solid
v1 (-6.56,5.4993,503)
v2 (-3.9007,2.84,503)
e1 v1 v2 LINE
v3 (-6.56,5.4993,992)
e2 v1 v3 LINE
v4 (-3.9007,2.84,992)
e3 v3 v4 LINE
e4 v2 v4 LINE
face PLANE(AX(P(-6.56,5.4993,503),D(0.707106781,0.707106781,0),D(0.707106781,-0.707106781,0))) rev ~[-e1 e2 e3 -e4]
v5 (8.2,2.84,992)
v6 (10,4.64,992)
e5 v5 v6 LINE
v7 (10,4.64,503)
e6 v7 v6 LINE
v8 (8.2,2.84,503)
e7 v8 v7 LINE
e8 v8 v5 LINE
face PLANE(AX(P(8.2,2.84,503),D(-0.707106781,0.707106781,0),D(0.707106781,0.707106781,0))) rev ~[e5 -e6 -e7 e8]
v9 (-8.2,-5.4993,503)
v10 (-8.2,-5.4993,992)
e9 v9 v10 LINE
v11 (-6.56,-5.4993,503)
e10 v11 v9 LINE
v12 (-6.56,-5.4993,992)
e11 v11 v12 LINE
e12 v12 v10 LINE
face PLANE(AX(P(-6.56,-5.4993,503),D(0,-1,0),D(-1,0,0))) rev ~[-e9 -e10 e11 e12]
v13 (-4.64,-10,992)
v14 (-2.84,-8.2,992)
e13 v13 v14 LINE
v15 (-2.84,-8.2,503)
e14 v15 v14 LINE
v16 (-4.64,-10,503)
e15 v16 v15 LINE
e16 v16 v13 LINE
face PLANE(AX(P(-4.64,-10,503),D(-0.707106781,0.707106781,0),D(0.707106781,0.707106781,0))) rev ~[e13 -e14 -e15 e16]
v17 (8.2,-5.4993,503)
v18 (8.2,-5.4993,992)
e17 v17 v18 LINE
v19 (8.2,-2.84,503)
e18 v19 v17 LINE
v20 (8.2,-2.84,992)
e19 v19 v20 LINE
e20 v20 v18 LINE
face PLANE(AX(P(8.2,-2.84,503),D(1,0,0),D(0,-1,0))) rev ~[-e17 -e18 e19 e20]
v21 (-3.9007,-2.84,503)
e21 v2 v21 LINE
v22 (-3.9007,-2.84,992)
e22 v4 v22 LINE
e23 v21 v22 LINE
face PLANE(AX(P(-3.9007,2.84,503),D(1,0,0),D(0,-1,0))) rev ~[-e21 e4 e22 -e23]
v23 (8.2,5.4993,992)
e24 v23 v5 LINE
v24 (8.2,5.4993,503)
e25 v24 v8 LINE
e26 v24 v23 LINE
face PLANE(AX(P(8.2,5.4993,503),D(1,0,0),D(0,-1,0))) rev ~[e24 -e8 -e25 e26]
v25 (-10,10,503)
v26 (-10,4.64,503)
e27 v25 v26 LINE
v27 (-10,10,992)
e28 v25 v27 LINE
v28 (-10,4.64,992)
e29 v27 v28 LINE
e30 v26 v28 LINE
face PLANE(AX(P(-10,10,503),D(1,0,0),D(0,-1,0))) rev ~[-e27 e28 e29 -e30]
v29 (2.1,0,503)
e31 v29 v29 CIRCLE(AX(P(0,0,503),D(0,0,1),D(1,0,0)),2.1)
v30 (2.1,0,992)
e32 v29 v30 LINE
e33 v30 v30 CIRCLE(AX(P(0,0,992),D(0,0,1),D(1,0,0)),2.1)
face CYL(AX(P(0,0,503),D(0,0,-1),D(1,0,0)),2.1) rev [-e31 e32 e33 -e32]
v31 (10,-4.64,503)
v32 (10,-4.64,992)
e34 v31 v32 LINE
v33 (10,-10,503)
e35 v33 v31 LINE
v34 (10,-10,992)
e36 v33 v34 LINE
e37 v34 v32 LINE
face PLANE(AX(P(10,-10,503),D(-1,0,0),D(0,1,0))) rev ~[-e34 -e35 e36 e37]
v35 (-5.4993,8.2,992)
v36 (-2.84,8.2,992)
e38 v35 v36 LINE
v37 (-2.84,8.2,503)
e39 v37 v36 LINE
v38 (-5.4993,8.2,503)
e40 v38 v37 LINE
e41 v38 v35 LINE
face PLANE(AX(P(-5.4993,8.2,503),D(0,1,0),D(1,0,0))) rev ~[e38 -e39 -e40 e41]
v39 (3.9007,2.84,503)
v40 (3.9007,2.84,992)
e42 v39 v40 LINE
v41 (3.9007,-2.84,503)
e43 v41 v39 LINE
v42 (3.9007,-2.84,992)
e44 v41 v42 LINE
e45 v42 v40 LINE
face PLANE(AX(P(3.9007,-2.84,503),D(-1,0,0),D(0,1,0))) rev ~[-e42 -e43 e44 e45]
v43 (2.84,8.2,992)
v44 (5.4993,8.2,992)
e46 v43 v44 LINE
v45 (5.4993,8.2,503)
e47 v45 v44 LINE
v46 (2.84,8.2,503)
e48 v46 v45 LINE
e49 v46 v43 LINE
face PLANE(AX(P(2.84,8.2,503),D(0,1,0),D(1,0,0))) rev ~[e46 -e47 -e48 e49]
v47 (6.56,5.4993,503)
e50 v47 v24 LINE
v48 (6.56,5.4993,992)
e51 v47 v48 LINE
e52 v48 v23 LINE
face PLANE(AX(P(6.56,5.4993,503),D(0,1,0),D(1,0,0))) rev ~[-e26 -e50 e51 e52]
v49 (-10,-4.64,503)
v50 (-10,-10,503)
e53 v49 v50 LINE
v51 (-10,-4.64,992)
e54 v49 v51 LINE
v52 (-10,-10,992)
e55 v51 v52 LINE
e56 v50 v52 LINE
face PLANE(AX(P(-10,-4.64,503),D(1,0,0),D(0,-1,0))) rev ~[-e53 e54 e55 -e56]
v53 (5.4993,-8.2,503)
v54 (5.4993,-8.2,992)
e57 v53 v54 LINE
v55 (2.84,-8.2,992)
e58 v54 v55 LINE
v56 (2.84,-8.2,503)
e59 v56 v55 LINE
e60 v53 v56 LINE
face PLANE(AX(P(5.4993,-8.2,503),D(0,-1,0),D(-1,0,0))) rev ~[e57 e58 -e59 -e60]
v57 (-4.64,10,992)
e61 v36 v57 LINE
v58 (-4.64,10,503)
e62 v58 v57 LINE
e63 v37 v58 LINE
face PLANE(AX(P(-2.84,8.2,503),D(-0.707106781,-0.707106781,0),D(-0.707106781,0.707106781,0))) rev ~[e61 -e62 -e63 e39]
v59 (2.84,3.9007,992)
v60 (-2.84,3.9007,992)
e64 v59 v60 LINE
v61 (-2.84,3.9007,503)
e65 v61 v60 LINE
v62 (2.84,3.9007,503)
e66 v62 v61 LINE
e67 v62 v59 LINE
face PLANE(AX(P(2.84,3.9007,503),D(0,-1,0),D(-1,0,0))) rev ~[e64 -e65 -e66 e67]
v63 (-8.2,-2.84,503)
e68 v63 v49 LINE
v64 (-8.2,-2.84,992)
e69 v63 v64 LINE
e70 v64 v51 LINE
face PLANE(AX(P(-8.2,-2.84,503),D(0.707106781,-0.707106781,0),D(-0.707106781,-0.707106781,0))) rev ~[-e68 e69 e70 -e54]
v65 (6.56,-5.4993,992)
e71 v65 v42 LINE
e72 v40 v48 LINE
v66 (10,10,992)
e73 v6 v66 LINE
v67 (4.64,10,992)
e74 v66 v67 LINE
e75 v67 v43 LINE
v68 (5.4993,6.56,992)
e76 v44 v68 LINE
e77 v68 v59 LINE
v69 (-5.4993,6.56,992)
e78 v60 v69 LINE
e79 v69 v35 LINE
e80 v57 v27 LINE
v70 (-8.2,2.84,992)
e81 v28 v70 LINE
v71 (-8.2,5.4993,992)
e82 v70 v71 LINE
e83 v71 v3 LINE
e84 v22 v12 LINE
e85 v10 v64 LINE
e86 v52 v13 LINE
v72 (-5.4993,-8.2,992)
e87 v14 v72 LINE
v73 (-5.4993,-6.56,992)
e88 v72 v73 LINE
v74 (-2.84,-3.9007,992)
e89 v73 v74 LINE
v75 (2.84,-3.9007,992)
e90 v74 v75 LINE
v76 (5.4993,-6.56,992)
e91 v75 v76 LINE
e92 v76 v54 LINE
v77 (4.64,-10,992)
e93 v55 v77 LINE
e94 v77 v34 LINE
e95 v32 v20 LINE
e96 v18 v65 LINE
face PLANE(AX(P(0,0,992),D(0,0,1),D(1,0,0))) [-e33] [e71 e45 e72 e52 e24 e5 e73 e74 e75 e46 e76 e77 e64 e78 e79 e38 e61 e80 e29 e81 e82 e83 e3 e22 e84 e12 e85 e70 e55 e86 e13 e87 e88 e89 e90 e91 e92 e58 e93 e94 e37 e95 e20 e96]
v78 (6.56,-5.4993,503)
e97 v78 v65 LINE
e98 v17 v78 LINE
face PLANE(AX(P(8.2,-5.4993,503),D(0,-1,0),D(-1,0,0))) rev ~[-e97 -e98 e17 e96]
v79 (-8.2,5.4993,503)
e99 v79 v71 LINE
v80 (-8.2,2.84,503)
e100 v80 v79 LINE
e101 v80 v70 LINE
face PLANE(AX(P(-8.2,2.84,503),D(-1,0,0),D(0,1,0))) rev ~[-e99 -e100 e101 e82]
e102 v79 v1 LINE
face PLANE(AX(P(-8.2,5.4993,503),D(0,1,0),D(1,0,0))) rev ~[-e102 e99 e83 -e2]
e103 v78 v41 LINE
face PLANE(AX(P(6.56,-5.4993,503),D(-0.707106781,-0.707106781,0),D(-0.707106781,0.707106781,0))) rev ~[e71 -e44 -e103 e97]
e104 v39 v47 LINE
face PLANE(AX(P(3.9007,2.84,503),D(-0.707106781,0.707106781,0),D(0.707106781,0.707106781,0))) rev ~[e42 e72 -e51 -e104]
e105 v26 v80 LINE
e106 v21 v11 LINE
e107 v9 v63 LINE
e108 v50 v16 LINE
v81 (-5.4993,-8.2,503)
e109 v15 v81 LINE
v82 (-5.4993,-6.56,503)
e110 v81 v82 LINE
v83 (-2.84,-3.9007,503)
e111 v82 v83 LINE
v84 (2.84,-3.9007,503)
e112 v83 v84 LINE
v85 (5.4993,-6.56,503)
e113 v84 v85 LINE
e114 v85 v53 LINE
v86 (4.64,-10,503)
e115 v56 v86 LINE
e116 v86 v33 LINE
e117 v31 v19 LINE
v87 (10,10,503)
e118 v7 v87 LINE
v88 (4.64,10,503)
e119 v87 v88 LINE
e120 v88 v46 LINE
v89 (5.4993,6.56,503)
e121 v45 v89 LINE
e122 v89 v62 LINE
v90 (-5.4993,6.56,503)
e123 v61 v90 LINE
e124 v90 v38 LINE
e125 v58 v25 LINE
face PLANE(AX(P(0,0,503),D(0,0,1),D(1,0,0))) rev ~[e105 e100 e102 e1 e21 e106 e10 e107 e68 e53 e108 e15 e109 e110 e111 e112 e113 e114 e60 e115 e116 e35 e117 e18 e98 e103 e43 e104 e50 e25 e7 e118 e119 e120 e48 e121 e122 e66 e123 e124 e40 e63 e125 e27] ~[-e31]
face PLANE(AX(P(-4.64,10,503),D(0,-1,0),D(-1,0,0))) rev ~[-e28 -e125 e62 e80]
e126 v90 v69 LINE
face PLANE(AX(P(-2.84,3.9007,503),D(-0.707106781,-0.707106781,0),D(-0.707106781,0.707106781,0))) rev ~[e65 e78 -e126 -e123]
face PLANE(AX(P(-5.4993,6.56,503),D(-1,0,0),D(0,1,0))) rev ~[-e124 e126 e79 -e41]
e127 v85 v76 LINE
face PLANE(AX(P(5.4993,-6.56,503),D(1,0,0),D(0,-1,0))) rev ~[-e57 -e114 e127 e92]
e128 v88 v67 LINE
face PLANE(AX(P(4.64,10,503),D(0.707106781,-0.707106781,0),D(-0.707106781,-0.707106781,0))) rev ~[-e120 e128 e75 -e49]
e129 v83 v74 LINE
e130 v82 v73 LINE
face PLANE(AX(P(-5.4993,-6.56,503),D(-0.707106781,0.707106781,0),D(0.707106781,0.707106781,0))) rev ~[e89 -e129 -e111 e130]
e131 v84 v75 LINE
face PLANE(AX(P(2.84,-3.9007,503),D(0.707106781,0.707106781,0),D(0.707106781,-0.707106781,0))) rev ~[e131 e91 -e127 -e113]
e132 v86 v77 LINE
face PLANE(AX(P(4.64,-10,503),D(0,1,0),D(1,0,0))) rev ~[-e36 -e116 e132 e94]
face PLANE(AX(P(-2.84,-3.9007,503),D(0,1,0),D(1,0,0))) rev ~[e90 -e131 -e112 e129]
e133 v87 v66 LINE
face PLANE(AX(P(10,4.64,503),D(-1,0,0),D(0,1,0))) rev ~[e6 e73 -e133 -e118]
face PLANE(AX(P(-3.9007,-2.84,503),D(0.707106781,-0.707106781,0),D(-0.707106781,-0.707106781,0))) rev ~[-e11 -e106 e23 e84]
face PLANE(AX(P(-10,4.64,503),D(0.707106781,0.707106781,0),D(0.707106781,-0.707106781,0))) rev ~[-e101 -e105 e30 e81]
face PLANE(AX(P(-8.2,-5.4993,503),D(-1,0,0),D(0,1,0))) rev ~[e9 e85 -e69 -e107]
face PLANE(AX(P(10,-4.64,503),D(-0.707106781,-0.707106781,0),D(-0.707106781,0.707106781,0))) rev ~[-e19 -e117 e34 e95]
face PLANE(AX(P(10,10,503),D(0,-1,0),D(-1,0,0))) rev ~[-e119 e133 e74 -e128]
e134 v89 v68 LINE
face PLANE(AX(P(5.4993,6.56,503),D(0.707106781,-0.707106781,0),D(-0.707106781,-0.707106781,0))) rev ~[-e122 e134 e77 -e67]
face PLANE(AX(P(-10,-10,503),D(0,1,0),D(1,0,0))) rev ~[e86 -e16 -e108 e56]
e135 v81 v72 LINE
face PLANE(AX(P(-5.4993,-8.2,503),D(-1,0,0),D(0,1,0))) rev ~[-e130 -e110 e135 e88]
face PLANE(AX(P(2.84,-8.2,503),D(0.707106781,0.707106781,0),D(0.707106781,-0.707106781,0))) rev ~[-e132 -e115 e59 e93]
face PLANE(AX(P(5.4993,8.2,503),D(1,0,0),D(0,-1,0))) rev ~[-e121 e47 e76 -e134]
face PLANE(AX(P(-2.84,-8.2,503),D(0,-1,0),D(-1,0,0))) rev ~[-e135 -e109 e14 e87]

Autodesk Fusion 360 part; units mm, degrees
sketch "Sketch1" plane through (0, 0, 503) normal (0, 0, 1) x (1, 0, 0)
  line L0 (2.84, -3.9007) -> (5.4993, -6.56)
  line L1 (5.4993, -6.56) -> (5.4993, -8.2)
  line L2 (5.4993, -8.2) -> (2.84, -8.2)
  line L3 (2.84, -8.2) -> (4.64, -10)
  line L4 (4.64, -10) -> (10, -10)
  line L5 (10, -10) -> (10, -4.64)
  line L6 (10, -4.64) -> (8.2, -2.84)
  line L7 (8.2, -2.84) -> (8.2, -5.4993)
  line L8 (8.2, -5.4993) -> (6.56, -5.4993)
  line L9 (6.56, -5.4993) -> (3.9007, -2.84)
  line L10 (3.9007, -2.84) -> (3.9007, 2.84)
  line L11 (3.9007, 2.84) -> (6.56, 5.4993)
  line L12 (6.56, 5.4993) -> (8.2, 5.4993)
  line L13 (8.2, 5.4993) -> (8.2, 2.84)
  line L14 (8.2, 2.84) -> (10, 4.64)
  line L15 (10, 4.64) -> (10, 10)
  line L16 (10, 10) -> (4.64, 10)
  line L17 (4.64, 10) -> (2.84, 8.2)
  line L18 (2.84, 8.2) -> (5.4993, 8.2)
  line L19 (5.4993, 8.2) -> (5.4993, 6.56)
  line L20 (5.4993, 6.56) -> (2.84, 3.9007)
  line L21 (2.84, 3.9007) -> (-2.84, 3.9007)
  line L22 (-2.84, 3.9007) -> (-5.4993, 6.56)
  line L23 (-5.4993, 6.56) -> (-5.4993, 8.2)
  line L24 (-5.4993, 8.2) -> (-2.84, 8.2)
  line L25 (-2.84, 8.2) -> (-4.64, 10)
  line L26 (-4.64, 10) -> (-10, 10)
  line L27 (-10, 10) -> (-10, 4.64)
  line L28 (-10, 4.64) -> (-8.2, 2.84)
  line L29 (-8.2, 2.84) -> (-8.2, 5.4993)
  line L30 (-8.2, 5.4993) -> (-6.56, 5.4993)
  line L31 (-6.56, 5.4993) -> (-3.9007, 2.84)
  line L32 (-3.9007, 2.84) -> (-3.9007, -2.84)
  line L33 (-3.9007, -2.84) -> (-6.56, -5.4993)
  line L34 (-6.56, -5.4993) -> (-8.2, -5.4993)
  line L35 (-8.2, -5.4993) -> (-8.2, -2.84)
  line L36 (-8.2, -2.84) -> (-10, -4.64)
  line L37 (-10, -4.64) -> (-10, -10)
  line L38 (-10, -10) -> (-4.64, -10)
  line L39 (-4.64, -10) -> (-2.84, -8.2)
  line L40 (-2.84, -8.2) -> (-5.4993, -8.2)
  line L41 (-5.4993, -8.2) -> (-5.4993, -6.56)
  line L42 (-5.4993, -6.56) -> (-2.84, -3.9007)
  line L43 (-2.84, -3.9007) -> (2.84, -3.9007)
  circle A0 centre (0, 0) radius 2.1
  circle A1 centre (0, 0) radius 2.1
  line L44 (-2.84, -3.9007) -> (2.84, -3.9007)
  line L45 (-3.9007, 2.84) -> (-3.9007, -2.84)
  line L46 (2.84, 3.9007) -> (-2.84, 3.9007)
  line L47 (3.9007, -2.84) -> (3.9007, 2.84)
  line L48 (5.4993, 6.56) -> (2.84, 3.9007)
  line L49 (5.4993, 8.2) -> (5.4993, 6.56)
  line L50 (2.84, 8.2) -> (5.4993, 8.2)
  line L51 (4.64, 10) -> (2.84, 8.2)
  line L52 (10, 10) -> (4.64, 10)
  line L53 (10, 4.64) -> (10, 10)
  line L54 (8.2, 2.84) -> (10, 4.64)
  line L55 (8.2, 5.4993) -> (8.2, 2.84)
  line L56 (6.56, 5.4993) -> (8.2, 5.4993)
  line L57 (3.9007, 2.84) -> (6.56, 5.4993)
  line L58 (-5.4993, -6.56) -> (-2.84, -3.9007)
  line L59 (-5.4993, -8.2) -> (-5.4993, -6.56)
  line L60 (-2.84, -8.2) -> (-5.4993, -8.2)
  line L61 (-4.64, -10) -> (-2.84, -8.2)
  line L62 (-10, -10) -> (-4.64, -10)
  line L63 (-10, -4.64) -> (-10, -10)
  line L64 (-8.2, -2.84) -> (-10, -4.64)
  line L65 (-8.2, -5.4993) -> (-8.2, -2.84)
  line L66 (-6.56, -5.4993) -> (-8.2, -5.4993)
  line L67 (-3.9007, -2.84) -> (-6.56, -5.4993)
  line L68 (-6.56, 5.4993) -> (-3.9007, 2.84)
  line L69 (-8.2, 5.4993) -> (-6.56, 5.4993)
  line L70 (-8.2, 2.84) -> (-8.2, 5.4993)
  line L71 (-10, 4.64) -> (-8.2, 2.84)
  line L72 (-10, 10) -> (-10, 4.64)
  line L73 (-4.64, 10) -> (-10, 10)
  line L74 (-2.84, 8.2) -> (-4.64, 10)
  line L75 (-5.4993, 8.2) -> (-2.84, 8.2)
  line L76 (-5.4993, 6.56) -> (-5.4993, 8.2)
  line L77 (-2.84, 3.9007) -> (-5.4993, 6.56)
  line L78 (6.56, -5.4993) -> (3.9007, -2.84)
  line L79 (8.2, -5.4993) -> (6.56, -5.4993)
  line L80 (8.2, -2.84) -> (8.2, -5.4993)
  line L81 (10, -4.64) -> (8.2, -2.84)
  line L82 (10, -10) -> (10, -4.64)
  line L83 (4.64, -10) -> (10, -10)
  line L84 (2.84, -8.2) -> (4.64, -10)
  line L85 (5.4993, -8.2) -> (2.84, -8.2)
  line L86 (5.4993, -6.56) -> (5.4993, -8.2)
  line L87 (2.84, -3.9007) -> (5.4993, -6.56)
extrude "Extrude1" add sketch "Sketch1" along normal blind 489 makes body 1
copy_body "Body->Comp1" bodies 1 removing the originals makes body 2 in component "489mm 2020"
component "489mm 2020" placed x (1, 0, 0) y (0, 1, 0) z (0, 0, 1) at (0, 0, 0)
